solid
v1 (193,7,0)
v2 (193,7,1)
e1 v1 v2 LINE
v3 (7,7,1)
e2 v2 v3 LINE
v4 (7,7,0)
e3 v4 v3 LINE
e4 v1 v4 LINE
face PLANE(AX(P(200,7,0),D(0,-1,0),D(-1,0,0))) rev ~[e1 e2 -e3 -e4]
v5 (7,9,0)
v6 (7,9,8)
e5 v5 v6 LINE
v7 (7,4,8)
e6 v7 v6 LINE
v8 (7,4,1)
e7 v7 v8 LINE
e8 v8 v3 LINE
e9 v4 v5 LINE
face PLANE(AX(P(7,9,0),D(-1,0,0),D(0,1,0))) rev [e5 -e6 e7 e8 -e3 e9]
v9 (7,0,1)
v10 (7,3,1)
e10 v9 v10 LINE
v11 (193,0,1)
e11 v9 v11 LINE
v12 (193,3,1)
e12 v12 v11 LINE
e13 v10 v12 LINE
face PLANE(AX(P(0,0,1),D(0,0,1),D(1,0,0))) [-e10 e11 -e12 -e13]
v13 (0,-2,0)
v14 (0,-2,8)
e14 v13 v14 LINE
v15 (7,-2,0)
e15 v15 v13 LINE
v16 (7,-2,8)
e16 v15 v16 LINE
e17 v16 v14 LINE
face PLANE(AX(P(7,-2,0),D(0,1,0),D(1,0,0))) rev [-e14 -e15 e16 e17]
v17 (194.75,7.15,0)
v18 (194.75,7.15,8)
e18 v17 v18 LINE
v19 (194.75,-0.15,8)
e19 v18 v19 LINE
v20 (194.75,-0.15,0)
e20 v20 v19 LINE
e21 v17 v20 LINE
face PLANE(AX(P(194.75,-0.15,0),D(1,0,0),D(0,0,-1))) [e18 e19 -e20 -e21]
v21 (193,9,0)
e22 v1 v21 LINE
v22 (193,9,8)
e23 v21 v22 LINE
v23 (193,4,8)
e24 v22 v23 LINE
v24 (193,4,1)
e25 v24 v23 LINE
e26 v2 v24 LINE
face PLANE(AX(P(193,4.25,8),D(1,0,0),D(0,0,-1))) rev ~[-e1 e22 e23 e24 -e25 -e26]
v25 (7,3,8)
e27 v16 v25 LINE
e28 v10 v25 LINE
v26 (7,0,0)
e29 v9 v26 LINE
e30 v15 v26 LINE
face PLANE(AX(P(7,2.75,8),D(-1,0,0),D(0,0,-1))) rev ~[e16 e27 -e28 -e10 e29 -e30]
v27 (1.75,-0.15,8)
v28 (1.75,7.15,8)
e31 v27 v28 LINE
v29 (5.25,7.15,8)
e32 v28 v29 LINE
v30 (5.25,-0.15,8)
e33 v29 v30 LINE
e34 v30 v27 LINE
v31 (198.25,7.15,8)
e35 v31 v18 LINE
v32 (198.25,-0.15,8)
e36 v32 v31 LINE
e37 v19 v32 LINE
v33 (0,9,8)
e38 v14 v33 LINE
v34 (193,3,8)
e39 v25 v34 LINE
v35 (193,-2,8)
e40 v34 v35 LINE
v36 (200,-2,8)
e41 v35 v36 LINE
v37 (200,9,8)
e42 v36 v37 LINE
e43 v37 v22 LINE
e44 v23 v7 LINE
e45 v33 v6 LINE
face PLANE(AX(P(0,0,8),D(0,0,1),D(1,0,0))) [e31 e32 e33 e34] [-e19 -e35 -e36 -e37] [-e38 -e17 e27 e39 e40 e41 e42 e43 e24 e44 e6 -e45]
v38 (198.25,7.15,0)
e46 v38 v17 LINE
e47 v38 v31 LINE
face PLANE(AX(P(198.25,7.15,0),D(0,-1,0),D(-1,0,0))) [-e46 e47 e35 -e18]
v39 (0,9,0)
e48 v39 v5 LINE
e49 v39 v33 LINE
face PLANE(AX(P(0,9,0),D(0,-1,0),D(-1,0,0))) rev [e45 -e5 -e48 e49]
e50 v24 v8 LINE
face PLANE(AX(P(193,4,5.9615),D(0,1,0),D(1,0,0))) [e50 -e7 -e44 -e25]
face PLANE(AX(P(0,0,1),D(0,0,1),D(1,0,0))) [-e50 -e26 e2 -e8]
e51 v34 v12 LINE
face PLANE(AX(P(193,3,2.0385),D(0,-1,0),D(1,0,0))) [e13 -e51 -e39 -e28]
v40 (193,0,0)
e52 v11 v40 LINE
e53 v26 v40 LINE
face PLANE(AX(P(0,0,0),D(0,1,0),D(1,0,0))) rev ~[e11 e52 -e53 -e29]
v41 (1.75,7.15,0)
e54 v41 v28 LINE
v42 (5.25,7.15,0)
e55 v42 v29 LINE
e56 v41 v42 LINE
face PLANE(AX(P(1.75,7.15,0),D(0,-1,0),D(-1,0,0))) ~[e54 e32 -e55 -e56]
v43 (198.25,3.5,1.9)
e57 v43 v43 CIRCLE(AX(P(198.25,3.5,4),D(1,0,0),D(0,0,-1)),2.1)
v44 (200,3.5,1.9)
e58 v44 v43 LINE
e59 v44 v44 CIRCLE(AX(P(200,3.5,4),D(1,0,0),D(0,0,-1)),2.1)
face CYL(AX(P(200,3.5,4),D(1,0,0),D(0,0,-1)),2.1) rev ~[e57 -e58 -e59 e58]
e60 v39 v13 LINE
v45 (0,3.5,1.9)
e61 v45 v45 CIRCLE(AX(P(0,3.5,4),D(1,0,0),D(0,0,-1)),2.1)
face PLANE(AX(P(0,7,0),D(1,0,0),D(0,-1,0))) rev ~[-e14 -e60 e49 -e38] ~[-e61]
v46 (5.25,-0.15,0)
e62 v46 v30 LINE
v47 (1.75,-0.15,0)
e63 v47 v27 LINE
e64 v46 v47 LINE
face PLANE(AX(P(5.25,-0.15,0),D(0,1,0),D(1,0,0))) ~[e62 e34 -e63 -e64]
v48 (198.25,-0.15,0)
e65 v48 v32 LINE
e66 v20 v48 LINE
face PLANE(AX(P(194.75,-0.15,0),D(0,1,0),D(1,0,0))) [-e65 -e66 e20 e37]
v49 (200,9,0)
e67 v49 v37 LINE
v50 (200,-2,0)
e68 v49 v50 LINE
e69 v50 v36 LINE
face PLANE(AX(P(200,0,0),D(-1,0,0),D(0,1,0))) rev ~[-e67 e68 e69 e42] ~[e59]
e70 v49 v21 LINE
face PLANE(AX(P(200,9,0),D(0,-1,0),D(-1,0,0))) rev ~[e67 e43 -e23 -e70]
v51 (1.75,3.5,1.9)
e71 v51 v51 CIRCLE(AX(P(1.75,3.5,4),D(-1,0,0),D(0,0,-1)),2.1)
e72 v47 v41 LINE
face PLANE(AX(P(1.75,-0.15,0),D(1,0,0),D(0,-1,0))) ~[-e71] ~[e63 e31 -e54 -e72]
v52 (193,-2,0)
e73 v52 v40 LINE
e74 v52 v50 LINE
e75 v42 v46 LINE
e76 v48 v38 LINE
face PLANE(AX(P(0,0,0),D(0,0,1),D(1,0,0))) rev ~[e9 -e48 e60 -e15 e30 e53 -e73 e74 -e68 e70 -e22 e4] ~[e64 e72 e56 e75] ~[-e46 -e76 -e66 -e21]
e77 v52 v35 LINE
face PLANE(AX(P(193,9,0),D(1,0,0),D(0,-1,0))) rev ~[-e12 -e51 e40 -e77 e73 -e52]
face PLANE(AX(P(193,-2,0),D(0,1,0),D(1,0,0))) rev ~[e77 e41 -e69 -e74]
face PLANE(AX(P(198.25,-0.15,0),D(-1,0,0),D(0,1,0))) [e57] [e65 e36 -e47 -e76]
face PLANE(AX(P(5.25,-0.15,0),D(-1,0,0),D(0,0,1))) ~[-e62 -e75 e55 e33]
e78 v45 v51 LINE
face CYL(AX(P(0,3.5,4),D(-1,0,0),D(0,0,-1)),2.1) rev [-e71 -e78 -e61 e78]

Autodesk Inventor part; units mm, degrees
ref_plane "XZ Plane" through (0, 0, 0) normal (0, 1, 0) x (-1, 0, 0)
ref_plane "XY Plane" through (0, 0, 0) normal (0, 0, 1) x (1, 0, 0)
sketch "Sketch1" plane through (0, 0, 0) normal (0, 0, 1) x (1, 0, 0)
  line L0 (0, 0) -> (200, 0)
  line L1 (200, 0) -> (200, 7)
  line L2 (200, 7) -> (0, 7)
  line L3 (0, 7) -> (0, 0)
  dimension "d0" = 200
  dimension "d1" = 7
extrude "Extrusion1" add sketch "Sketch1" along normal blind 1.5
sketch "Sketch2" plane through (0, 0, 1.5) normal (0, 0, 1) x (1, 0, 0)
  line L0 (200, 7) -> (0, 7) projected
  line L1 (0, 7) -> (0, 0) projected
  line L2 (0, 4.25) -> (200, 4.25)
  line L3 (200, 4.25) -> (200, 2.75)
  line L4 (200, 2.75) -> (0, 2.75)
  line L5 (0, 2.75) -> (0, 4.25)
  dimension "d4" = 200
  dimension "d5" = 1.5
  dimension "d6" = 2.75
extrude "Extrusion2" add sketch "Sketch2" along normal blind 6.5
sketch "Sketch3" plane through (0, 0, 0) normal (0, 0, -1) x (-1, 0, 0)
  line L0 (-200, 7) -> (0, 7) projected
  line L1 (-200, 9) -> (-193, 9)
  line L2 (-193, 9) -> (-193, -2)
  line L3 (-193, -2) -> (-200, -2)
  line L4 (-200, -2) -> (-200, 9)
  dimension "d9" = 7
  dimension "d10" = 11
  dimension "d11" = 2
extrude "Extrusion3" add sketch "Sketch3" against normal up to surface (8 mm away)
sketch "Sketch4" plane through (0, 0, 0) normal (0, 0, -1) x (-1, 0, 0)
  line L0 (-200, 9) -> (-193, 9) projected
  line L1 (-200, -2) -> (-200, 9) projected
  line L2 (-193, -2) -> (-200, -2) projected
  line L3 (-198.25, 7.15) -> (-194.75, 7.15)
  line L4 (-194.75, 7.15) -> (-194.75, -0.15)
  line L5 (-194.75, -0.15) -> (-198.25, -0.15)
  line L6 (-198.25, -0.15) -> (-198.25, 7.15)
  dimension "d14" = 3.5
  dimension "d15" = 7.3
  dimension "d16" = 1.85
  dimension "d17" = 1.85
  dimension "d18" = 1.75
extrude "Extrusion4" cut sketch "Sketch4" against normal blind 8
sketch "Sketch5" plane through (200, -2, 0) normal (1, 0, 0) x (0, 0, -1)
  circle A0 centre (-4, 5.5) radius 2.1
  point P0 (0, 2)
  dimension "d21" = 4.2
ref_plane "Work Plane1" through (100, 0, 0) normal (1, 0, 0) x (0, 1, 0)
extrude "Extrusion5" cut sketch "Sketch5" against normal up to surface (7 mm away)
mirror "Mirror1" about plane through (100, 0, 0) normal (1, 0, 0) of "Extrusion3"
mirror "Mirror2" about plane through (100, 0, 0) normal (1, 0, 0) of "Extrusion5", "Extrusion4"
sketch "Sketch6" plane through (0, 0, 1.5) normal (0, 0, 1) x (1, 0, 0)
  line L0 (7, 7) -> (7, 4.25) projected
  line L1 (7, 4.25) -> (193, 4.25) projected
  line L2 (193, 4.25) -> (193, 7) projected
  line L3 (193, 7) -> (7, 7) projected
  point P0 (0, 0)
extrude "Extrusion6" cut sketch "Sketch6" against normal blind 0.5
sketch "Sketch7" plane through (0, 0, 1.5) normal (0, 0, 1) x (1, 0, 0)
  line L0 (7, 2.75) -> (7, 0) projected
  line L1 (7, 0) -> (193, 0) projected
  line L2 (193, 0) -> (193, 2.75) projected
  line L3 (193, 2.75) -> (7, 2.75) projected
  point P0 (0, 0)
extrude "Extrusion7" cut sketch "Sketch7" against normal blind 0.5
sketch "Sketch8" plane through (193, 4.25, 5.9615) normal (0, 1, 0) x (1, 0, 0)
  line L0 (-186, 4.9615) -> (-186, 3.923) projected
  line L1 (-186, 3.923) -> (-186, 0) projected
  line L2 (-186, 0) -> (-186, -2.0385) projected
  line L3 (0, -2.0385) -> (-186, -2.0385) projected
  line L4 (0, -2.0385) -> (0, 0) projected
  line L5 (0, 0) -> (0, 3.923) projected
  line L6 (0, 3.923) -> (0, 4.9615) projected
  line L7 (0, 4.9615) -> (-186, 4.9615) projected
  point P0 (-193, 5.9615)
extrude "Extrusion8" cut sketch "Sketch8" against normal blind 0.25
sketch "Sketch9" plane through (193, 2.75, 2.0385) normal (0, -1, 0) x (1, 0, 0)
  line L0 (-186, 5.9615) -> (-186, 3.923) projected
  line L1 (-186, 3.923) -> (-186, 0) projected
  line L2 (-186, 0) -> (-186, -1.0385) projected
  line L3 (-186, -1.0385) -> (0, -1.0385) projected
  line L4 (0, -1.0385) -> (0, 0) projected
  line L5 (0, 0) -> (0, 3.923) projected
  line L6 (0, 3.923) -> (0, 5.9615) projected
  line L7 (-186, 5.9615) -> (0, 5.9615) projected
  point P0 (-193, -2.0385)
extrude "Extrusion9" cut sketch "Sketch9" against normal blind 0.25
sketch "Sketch10" plane through (194.75, -0.15, 0) normal (1, 0, 0) x (0, 0, -1)
  circle A0 centre (-4, 3.65) radius 2.1 projected
  point P0 (0, 0.15)
extrude "Extrusion10" add sketch "Sketch10" against normal up to surface (1.75 mm away)
mirror "Mirror3" about plane through (100, 0, 0) normal (1, 0, 0) of "Extrusion10"
properties part number "Axle"
